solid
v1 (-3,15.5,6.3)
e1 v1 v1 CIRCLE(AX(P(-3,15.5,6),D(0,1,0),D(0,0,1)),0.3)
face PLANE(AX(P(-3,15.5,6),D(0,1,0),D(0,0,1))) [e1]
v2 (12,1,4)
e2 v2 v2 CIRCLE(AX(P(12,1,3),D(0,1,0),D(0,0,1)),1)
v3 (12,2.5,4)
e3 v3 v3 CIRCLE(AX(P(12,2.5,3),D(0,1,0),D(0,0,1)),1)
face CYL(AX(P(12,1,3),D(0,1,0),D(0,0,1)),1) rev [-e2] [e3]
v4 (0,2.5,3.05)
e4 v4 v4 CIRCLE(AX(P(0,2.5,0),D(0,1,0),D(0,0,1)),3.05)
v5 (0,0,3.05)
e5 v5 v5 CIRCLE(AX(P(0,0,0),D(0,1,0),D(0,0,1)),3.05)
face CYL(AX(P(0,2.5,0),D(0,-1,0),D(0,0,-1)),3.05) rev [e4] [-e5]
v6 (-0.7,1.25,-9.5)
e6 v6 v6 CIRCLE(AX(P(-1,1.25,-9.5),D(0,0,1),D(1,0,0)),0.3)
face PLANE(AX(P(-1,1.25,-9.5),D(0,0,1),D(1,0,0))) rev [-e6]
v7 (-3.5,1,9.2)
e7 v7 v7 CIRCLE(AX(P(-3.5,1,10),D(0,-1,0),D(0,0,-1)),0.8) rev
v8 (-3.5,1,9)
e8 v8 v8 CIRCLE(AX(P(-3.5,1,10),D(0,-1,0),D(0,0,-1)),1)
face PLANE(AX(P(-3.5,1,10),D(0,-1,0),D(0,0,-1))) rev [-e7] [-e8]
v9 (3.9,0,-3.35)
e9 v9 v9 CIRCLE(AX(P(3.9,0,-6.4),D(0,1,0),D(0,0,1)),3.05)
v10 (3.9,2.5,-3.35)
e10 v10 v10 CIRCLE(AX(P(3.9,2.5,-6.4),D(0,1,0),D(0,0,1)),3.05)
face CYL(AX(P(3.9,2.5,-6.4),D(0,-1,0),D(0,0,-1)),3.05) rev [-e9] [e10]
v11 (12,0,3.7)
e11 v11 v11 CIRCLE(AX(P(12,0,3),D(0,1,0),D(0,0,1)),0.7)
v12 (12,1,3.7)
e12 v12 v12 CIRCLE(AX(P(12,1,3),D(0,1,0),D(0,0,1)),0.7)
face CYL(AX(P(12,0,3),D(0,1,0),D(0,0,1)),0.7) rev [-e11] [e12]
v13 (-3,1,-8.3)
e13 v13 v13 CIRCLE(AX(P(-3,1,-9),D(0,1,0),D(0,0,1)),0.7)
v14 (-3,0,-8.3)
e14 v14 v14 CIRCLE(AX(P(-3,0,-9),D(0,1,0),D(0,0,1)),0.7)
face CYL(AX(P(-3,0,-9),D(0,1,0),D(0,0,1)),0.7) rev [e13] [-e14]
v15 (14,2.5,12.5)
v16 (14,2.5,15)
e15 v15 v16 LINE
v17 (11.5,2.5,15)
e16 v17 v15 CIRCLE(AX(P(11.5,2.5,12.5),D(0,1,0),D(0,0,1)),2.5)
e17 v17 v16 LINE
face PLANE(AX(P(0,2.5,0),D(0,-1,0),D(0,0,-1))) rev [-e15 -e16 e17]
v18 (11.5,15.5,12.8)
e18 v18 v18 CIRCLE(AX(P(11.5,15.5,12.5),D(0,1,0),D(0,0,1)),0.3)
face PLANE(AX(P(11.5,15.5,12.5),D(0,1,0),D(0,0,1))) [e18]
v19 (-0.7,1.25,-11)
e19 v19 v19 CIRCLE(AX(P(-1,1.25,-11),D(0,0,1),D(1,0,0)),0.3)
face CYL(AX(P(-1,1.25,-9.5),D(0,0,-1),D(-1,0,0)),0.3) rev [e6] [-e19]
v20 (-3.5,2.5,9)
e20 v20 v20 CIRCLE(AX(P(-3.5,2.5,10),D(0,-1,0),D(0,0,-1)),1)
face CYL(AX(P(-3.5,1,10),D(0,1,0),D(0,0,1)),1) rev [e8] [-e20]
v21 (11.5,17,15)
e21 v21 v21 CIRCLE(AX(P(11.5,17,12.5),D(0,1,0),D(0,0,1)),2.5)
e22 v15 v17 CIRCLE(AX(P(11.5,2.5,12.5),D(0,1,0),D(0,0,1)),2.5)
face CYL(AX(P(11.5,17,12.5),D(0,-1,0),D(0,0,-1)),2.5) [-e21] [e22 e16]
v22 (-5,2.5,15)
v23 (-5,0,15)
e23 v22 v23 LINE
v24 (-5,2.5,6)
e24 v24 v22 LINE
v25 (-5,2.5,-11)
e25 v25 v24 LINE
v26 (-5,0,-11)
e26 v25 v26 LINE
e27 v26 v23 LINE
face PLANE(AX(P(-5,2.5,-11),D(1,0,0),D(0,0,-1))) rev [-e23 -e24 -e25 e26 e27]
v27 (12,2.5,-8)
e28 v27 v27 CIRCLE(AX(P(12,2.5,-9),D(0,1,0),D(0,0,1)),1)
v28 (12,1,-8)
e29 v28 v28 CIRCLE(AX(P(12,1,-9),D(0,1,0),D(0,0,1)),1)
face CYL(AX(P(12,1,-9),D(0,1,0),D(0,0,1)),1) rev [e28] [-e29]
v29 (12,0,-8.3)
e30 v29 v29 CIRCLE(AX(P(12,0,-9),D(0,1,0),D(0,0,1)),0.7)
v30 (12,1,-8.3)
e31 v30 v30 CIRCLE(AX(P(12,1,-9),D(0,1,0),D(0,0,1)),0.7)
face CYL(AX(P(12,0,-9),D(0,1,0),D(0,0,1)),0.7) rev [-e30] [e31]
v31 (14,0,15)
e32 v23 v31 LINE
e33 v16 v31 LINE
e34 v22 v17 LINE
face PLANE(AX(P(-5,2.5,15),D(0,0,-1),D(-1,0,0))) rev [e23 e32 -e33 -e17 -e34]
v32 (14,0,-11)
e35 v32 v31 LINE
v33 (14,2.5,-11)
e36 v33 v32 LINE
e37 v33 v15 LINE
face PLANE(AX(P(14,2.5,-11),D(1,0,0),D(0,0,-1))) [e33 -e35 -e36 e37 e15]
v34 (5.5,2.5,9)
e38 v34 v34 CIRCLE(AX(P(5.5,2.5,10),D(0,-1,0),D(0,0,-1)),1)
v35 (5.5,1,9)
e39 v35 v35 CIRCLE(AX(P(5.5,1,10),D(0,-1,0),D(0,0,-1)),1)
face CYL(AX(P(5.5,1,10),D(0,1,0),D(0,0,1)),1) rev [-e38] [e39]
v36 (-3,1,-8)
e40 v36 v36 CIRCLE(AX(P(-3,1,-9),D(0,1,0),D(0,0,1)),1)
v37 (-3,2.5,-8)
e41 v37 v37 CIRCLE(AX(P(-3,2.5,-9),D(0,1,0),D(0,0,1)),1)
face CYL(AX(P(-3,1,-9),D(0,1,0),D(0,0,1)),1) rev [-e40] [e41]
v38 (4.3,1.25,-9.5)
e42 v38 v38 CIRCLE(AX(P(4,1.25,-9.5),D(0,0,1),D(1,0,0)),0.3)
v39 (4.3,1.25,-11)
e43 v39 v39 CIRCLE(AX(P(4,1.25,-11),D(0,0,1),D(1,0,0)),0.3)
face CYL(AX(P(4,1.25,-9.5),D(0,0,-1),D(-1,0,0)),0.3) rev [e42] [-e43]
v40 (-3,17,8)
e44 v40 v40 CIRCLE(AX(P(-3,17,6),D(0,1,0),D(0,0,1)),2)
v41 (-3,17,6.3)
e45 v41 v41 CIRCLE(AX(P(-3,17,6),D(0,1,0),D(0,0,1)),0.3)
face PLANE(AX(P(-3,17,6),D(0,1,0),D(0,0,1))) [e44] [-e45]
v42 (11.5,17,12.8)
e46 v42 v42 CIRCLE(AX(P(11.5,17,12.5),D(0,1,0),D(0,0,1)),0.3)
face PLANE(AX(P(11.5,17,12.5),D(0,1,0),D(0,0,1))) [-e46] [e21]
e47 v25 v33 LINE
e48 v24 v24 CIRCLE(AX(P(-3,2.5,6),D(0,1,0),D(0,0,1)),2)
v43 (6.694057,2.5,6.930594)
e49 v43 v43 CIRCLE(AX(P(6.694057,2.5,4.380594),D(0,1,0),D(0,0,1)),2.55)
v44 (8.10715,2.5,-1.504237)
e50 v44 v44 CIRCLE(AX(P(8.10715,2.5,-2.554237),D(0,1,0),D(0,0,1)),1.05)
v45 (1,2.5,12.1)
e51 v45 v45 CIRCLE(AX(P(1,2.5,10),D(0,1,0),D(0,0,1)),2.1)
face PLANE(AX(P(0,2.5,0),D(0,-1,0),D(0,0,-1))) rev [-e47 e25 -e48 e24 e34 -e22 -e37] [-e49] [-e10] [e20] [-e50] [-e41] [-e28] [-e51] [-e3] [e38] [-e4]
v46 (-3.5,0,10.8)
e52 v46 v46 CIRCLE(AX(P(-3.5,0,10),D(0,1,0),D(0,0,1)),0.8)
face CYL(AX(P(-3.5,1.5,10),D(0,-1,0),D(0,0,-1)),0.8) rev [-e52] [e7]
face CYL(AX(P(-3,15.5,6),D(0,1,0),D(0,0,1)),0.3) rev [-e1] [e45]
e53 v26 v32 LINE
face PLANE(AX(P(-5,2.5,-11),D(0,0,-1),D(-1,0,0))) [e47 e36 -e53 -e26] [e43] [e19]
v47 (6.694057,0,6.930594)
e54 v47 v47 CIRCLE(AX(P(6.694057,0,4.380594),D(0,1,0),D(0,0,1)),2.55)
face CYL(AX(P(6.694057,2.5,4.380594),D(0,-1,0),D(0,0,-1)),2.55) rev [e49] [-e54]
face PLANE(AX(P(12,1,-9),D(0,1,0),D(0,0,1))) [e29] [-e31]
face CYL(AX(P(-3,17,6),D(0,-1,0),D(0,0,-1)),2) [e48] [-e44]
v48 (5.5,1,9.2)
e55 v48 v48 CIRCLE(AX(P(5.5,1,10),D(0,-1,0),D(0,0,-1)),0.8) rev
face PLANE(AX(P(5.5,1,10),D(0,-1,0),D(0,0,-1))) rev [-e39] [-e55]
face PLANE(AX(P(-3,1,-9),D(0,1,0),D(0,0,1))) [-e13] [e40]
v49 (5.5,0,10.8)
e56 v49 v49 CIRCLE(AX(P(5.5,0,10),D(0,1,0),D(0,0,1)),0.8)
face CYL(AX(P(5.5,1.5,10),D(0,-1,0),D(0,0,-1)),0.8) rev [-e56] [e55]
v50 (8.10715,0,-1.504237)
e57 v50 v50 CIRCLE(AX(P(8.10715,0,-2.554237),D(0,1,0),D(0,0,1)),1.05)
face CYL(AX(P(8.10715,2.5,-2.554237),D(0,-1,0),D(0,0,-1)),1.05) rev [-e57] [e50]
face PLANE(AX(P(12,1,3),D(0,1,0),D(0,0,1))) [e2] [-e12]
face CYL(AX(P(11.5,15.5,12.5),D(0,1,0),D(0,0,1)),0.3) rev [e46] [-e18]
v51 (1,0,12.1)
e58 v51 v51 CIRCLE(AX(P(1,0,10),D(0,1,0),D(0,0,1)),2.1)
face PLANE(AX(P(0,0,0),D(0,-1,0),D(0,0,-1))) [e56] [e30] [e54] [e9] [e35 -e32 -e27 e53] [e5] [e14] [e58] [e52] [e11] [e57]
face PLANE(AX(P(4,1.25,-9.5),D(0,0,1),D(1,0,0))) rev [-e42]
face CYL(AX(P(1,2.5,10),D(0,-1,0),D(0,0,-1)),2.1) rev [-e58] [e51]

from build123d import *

# Parameters (mm, degrees)
SKETCH_1_W          = 19
SKETCH_1_H          = 26
SKETCH_1_R          = 3.05
SKETCH_1_R_2        = 1.05
SKETCH_1_R_3        = 2.1
SKETCH_1_R_4        = 2.55
EXTRUDE_1_DEPTH     = 2.5
CUT_EXTRUDE_START   = 2.5
SKETCH_1_3_R        = 1
CUT_EXTRUDE_2_DEPTH = 1.5
SKETCH_1_4_R        = 0.8
CUT_EXTRUDE_3_DEPTH = 1.5
SKETCH_2_R          = 2.5
SKETCH_2_R_2        = 2
EXTRUDE_2_DEPTH     = 14.5
CUT_EXTRUDE_START_2 = 14.5
SKETCH_2_4_R        = 0.3
CUT_EXTRUDE_6_DEPTH = 1.5
SKETCH_4_R          = 1
CUT_EXTRUDE_7_DEPTH = 1.5
SKETCH_4_3_R        = 0.7
CUT_EXTRUDE_8_DEPTH = 26.124689053
SKETCH_3_R          = 0.3
CUT_EXTRUDE_9_DEPTH = 1.5


with BuildPart() as part:
    # 草图1 → 凸台-拉伸1 (new body)
    with BuildSketch(Plane(origin=(0, 0, 0), x_dir=(1, 0, 0), z_dir=(0, 1, 0))):
        with Locations((4.5, -2)):
            Rectangle(SKETCH_1_W, SKETCH_1_H)
        with Locations(Location((0, 0, 0), (0, 0, 270))):
            Circle(SKETCH_1_R, mode=Mode.SUBTRACT)
        with Locations(Location((8.107149516, 2.554237014, 0), (0, 0, 270))):
            Circle(SKETCH_1_R_2, mode=Mode.SUBTRACT)
        with Locations(Location((3.9, 6.4, 0), (0, 0, 270))):
            Circle(SKETCH_1_R, mode=Mode.SUBTRACT)
        with Locations(Location((1, -10, 0), (0, 0, 270))):
            Circle(SKETCH_1_R_3, mode=Mode.SUBTRACT)
        with Locations(Location((6.694056557, -4.380594344, 0), (0, 0, 270))):
            Circle(SKETCH_1_R_4, mode=Mode.SUBTRACT)
    extrude(amount=EXTRUDE_1_DEPTH)

    # 草图1<3> → 切除-拉伸2 (cut)
    with BuildSketch(Plane(origin=(0, 0, 0), x_dir=(1, 0, 0), z_dir=(0, 1, 0)).offset(CUT_EXTRUDE_START)):
        with Locations(Location((-3.5, -10, 0), (0, 0, 90))):
            Circle(SKETCH_1_3_R)
        with Locations(Location((5.5, -10, 0), (0, 0, 90))):
            Circle(SKETCH_1_3_R)
    extrude(amount=-CUT_EXTRUDE_2_DEPTH, mode=Mode.SUBTRACT)

    # 草图1<4> → 切除-拉伸3 (cut)
    with BuildSketch(Plane(origin=(0, 0, 0), x_dir=(1, 0, 0), z_dir=(0, 1, 0))):
        with Locations(Location((-3.5, -10, 0), (0, 0, 90))):
            Circle(SKETCH_1_4_R)
        with Locations(Location((5.5, -10, 0), (0, 0, 90))):
            Circle(SKETCH_1_4_R)
    extrude(amount=CUT_EXTRUDE_3_DEPTH, mode=Mode.SUBTRACT)

    # 草图2 → 凸台-拉伸2 (add)
    with BuildSketch(Plane(origin=(0, 2.5, 0), x_dir=(1, 0, 0), z_dir=(0, 1, 0))):
        with Locations(Location((11.5, -12.5, 0), (0, 0, 270))):
            Circle(SKETCH_2_R)
        with Locations(Location((-3, -6, 0), (0, 0, 180))):
            Circle(SKETCH_2_R_2)
    extrude(amount=EXTRUDE_2_DEPTH)

    # 草图2<4> → 切除-拉伸6 (cut)
    with BuildSketch(Plane(origin=(0, 2.5, 0), x_dir=(1, 0, 0), z_dir=(0, 1, 0)).offset(CUT_EXTRUDE_START_2)):
        with Locations(Location((11.5, -12.5, 0), (0, 0, 270))):
            Circle(SKETCH_2_4_R)
        with Locations(Location((-3, -6, 0), (0, 0, 270))):
            Circle(SKETCH_2_4_R)
    extrude(amount=-CUT_EXTRUDE_6_DEPTH, mode=Mode.SUBTRACT)

    # 草图4 → 切除-拉伸7 (cut)
    with BuildSketch(Plane(origin=(0, 2.5, 0), x_dir=(1, 0, 0), z_dir=(0, 1, 0))):
        with Locations(Location((12, 9, 0), (0, 0, 270))):
            Circle(SKETCH_4_R)
        with Locations(Location((-3, 9, 0), (0, 0, 270))):
            Circle(SKETCH_4_R)
        with Locations(Location((12, -3, 0), (0, 0, 270))):
            Circle(SKETCH_4_R)
    extrude(amount=-CUT_EXTRUDE_7_DEPTH, mode=Mode.SUBTRACT)

    # 草图4<3> → 切除-拉伸8 (cut, through all)
    with BuildSketch(Plane(origin=(0, 2.5, 0), x_dir=(1, 0, 0), z_dir=(0, 1, 0))):
        with Locations(Location((12, 9, 0), (0, 0, 270))):
            Circle(SKETCH_4_3_R)
        with Locations(Location((-3, 9, 0), (0, 0, 270))):
            Circle(SKETCH_4_3_R)
        with Locations(Location((12, -3, 0), (0, 0, 270))):
            Circle(SKETCH_4_3_R)
    extrude(amount=-CUT_EXTRUDE_8_DEPTH, mode=Mode.SUBTRACT)

    # 草图3 → 切除-拉伸9 (cut)
    with BuildSketch(Plane.XY.offset(-11)):
        with Locations((-1, 1.25)):
            Circle(SKETCH_3_R)
        with Locations((4, 1.25)):
            Circle(SKETCH_3_R)
    extrude(amount=CUT_EXTRUDE_9_DEPTH, mode=Mode.SUBTRACT)


solid = part.part
